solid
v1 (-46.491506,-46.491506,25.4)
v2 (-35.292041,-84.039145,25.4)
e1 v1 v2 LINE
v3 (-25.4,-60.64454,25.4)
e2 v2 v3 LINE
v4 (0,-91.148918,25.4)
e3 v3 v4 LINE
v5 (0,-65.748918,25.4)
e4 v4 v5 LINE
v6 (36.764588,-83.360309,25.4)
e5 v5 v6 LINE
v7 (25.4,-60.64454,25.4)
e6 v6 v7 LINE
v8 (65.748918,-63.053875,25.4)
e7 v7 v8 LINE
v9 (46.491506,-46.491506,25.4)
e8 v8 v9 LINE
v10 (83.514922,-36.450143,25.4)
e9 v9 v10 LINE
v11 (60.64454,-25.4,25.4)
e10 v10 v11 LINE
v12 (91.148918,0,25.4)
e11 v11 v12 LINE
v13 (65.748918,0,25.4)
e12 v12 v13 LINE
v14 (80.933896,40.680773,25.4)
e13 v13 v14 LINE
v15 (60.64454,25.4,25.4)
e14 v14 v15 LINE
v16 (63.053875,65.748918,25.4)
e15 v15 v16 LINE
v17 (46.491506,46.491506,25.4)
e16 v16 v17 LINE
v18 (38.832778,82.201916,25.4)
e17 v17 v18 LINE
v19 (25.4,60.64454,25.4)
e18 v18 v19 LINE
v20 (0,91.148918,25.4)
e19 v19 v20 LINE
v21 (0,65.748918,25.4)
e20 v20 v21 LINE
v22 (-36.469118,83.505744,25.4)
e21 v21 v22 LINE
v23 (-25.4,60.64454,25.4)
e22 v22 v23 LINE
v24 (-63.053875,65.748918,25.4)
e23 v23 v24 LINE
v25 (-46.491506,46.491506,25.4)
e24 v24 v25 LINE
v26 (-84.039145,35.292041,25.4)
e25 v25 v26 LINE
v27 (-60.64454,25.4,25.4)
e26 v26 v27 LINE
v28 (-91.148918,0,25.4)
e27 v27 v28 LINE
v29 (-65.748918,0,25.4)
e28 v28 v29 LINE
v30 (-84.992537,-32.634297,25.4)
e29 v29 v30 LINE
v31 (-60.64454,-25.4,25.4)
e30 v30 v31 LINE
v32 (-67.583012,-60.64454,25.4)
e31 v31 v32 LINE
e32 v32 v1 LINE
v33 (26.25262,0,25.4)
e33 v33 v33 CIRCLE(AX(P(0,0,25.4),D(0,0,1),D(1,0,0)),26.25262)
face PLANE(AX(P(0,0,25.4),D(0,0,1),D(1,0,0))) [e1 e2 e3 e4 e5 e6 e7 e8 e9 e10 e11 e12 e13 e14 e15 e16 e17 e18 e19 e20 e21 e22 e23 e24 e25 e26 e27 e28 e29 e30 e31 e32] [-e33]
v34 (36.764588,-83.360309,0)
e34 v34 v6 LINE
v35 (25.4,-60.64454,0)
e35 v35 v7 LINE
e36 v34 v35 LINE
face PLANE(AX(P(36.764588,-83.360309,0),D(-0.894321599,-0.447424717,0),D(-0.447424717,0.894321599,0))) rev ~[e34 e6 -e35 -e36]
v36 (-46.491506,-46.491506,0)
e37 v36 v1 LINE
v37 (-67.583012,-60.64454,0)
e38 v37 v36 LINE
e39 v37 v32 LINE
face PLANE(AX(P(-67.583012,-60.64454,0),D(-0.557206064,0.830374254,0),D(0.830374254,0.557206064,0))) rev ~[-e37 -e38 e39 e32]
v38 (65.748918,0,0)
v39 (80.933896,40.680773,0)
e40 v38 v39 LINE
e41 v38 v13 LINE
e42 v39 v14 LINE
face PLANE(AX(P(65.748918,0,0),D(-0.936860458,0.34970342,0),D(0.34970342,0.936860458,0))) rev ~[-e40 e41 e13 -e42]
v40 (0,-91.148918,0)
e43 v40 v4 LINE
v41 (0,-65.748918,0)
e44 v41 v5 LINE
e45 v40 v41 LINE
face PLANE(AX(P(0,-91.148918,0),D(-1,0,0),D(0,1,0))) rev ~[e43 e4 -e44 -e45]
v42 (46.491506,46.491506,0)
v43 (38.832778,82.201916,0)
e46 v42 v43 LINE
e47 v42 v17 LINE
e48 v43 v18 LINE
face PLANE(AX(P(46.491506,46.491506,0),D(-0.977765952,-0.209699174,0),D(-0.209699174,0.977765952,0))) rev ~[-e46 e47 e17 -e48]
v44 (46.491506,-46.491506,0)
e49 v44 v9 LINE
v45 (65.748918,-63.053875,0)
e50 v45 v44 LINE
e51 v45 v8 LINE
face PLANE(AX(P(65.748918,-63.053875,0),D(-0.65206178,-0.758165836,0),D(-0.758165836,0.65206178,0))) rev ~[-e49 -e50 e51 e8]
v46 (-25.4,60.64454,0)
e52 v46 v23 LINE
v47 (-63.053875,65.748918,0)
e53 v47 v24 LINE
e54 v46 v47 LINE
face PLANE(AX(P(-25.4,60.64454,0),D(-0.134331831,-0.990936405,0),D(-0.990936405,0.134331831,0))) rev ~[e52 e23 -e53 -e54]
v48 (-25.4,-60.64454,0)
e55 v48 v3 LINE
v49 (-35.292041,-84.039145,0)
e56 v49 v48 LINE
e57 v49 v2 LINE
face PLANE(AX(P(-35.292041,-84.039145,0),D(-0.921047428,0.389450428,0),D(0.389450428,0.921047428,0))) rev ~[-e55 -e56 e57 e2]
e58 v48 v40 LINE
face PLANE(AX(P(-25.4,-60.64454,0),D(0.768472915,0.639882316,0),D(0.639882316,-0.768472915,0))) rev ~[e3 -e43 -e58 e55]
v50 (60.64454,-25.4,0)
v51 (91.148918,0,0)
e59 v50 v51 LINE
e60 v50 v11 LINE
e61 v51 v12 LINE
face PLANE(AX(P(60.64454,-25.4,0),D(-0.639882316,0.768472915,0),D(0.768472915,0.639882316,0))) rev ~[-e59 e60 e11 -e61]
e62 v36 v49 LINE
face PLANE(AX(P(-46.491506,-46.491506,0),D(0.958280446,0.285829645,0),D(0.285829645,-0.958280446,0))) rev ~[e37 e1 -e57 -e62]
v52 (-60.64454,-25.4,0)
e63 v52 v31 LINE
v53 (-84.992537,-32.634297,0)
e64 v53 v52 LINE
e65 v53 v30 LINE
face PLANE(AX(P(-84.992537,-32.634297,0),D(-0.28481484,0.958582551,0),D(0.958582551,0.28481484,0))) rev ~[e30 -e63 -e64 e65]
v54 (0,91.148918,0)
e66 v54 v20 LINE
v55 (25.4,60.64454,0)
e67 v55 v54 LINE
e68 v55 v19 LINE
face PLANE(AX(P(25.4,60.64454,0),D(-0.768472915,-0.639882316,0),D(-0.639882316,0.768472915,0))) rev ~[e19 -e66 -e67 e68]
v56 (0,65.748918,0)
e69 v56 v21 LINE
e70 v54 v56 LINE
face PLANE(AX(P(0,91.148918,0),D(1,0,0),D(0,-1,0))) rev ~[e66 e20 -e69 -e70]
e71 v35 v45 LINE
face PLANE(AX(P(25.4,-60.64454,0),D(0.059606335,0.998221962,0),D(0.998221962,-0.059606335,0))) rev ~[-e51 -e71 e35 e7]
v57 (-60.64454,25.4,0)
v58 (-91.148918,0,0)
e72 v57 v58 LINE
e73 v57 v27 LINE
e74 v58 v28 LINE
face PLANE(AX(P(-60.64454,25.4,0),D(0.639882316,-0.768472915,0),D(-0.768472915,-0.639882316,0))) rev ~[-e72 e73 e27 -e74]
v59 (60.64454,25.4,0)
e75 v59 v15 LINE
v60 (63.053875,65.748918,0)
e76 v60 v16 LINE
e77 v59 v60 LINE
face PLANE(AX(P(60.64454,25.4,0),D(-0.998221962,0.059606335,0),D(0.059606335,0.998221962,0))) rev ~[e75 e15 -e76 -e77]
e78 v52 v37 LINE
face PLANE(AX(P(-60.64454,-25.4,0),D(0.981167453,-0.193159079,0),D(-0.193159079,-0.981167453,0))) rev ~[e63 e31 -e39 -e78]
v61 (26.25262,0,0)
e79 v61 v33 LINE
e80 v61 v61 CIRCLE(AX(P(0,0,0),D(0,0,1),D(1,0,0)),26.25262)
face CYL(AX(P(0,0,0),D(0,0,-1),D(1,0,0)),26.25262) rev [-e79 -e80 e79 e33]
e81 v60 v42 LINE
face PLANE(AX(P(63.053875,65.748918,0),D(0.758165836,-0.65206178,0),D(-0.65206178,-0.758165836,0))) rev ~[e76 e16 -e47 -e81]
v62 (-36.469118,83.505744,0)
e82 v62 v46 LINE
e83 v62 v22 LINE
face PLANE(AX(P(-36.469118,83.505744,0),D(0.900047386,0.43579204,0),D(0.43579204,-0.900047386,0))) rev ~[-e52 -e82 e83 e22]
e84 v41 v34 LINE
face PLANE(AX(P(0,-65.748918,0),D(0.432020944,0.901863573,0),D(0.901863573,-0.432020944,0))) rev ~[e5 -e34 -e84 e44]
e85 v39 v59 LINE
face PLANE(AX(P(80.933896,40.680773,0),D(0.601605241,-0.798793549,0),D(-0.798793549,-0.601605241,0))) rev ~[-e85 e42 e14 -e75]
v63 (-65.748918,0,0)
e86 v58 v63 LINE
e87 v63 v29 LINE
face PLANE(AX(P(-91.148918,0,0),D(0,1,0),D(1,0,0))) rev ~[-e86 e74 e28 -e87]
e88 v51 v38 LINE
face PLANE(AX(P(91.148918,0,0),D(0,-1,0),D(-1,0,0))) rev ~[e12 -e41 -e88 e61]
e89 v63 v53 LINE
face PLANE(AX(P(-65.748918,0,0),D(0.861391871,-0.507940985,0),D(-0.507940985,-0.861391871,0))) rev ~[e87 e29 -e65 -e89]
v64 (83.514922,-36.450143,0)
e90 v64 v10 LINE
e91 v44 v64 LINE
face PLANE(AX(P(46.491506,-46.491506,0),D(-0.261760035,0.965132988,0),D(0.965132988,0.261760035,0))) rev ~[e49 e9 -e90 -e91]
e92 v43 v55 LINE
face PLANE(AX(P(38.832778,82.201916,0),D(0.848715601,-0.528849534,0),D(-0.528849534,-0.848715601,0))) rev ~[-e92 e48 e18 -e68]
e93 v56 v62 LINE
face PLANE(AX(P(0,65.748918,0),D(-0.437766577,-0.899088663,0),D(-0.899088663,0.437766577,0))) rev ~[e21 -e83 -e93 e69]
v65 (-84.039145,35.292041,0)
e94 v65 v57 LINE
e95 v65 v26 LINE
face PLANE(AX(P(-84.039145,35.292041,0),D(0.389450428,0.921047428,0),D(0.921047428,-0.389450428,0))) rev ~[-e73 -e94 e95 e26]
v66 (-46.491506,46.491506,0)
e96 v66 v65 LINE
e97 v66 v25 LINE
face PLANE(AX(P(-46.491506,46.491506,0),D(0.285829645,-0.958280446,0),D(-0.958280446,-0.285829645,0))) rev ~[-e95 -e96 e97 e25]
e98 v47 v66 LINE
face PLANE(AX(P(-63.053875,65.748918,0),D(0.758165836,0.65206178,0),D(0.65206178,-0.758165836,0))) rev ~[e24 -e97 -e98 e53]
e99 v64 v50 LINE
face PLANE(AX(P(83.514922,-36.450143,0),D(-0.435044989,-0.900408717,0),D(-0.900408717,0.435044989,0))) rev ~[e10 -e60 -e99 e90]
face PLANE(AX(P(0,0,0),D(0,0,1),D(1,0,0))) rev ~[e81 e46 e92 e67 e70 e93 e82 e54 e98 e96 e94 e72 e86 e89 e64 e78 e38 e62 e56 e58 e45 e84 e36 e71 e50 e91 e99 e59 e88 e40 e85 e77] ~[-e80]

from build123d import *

# Parameters (mm, degrees)
F0_R     = 26.25262
F1_DEPTH = 25.4


with BuildPart() as f1:
    # F0 (on Top) → F1 (new body)
    with BuildSketch(Plane.XY):
        with BuildLine():
            ThreePointArc((60.64454, -25.4), (64.460194, -12.953906), (65.748918, 0))
            ThreePointArc((65.748918, 0), (64.460194, 12.953906), (60.64454, 25.4))
            ThreePointArc((60.64454, 25.4), (54.596209, 36.635696), (46.491506, 46.491506))
            ThreePointArc((46.491506, 46.491506), (36.635696, 54.596209), (25.4, 60.64454))
            ThreePointArc((25.4, 60.64454), (12.953906, 64.460194), (0, 65.748918))
            ThreePointArc((0, 65.748918), (-12.953906, 64.460194), (-25.4, 60.64454))
            ThreePointArc((-25.4, 60.64454), (-36.635696, 54.596209), (-46.491506, 46.491506))
            ThreePointArc((-46.491506, 46.491506), (-54.596209, 36.635696), (-60.64454, 25.4))
            ThreePointArc((-60.64454, 25.4), (-64.460194, 12.953906), (-65.748918, 0))
            ThreePointArc((-65.748918, 0), (-64.460194, -12.953906), (-60.64454, -25.4))
            ThreePointArc((-60.64454, -25.4), (-54.596209, -36.635696), (-46.491506, -46.491506))
            ThreePointArc((-46.491506, -46.491506), (-36.635696, -54.596209), (-25.4, -60.64454))
            ThreePointArc((-25.4, -60.64454), (-12.953906, -64.460194), (0, -65.748918))
            ThreePointArc((0, -65.748918), (12.953906, -64.460194), (25.4, -60.64454))
            ThreePointArc((25.4, -60.64454), (36.635696, -54.596209), (46.491506, -46.491506))
            ThreePointArc((46.491506, -46.491506), (54.596209, -36.635696), (60.64454, -25.4))
        make_face()
        Circle(F0_R, mode=Mode.SUBTRACT)
        with BuildLine():
            ThreePointArc((-46.491506, 46.491506), (-36.635696, 54.596209), (-25.4, 60.64454))
            Line((-25.4, 60.64454), (-63.053875, 65.748918))
            Line((-63.053875, 65.748918), (-46.491506, 46.491506))
        make_face()
        with BuildLine():
            ThreePointArc((-60.64454, 25.4), (-54.596209, 36.635696), (-46.491506, 46.491506))
            Line((-46.491506, 46.491506), (-84.039145, 35.292041))
            Line((-84.039145, 35.292041), (-60.64454, 25.4))
        make_face()
        with BuildLine():
            ThreePointArc((-65.748918, 0), (-64.460194, 12.953906), (-60.64454, 25.4))
            Line((-60.64454, 25.4), (-91.148918, 0))
            Line((-91.148918, 0), (-65.748918, 0))
        make_face()
        with BuildLine():
            Line((-84.992537, -32.634297), (-60.64454, -25.4))
            ThreePointArc((-60.64454, -25.4), (-64.460194, -12.953906), (-65.748918, 0))
            Line((-65.748918, 0), (-84.992537, -32.634297))
        make_face()
        with BuildLine():
            Line((-67.583012, -60.64454), (-46.491506, -46.491506))
            ThreePointArc((-46.491506, -46.491506), (-54.596209, -36.635696), (-60.64454, -25.4))
            Line((-60.64454, -25.4), (-67.583012, -60.64454))
        make_face()
        with BuildLine():
            Line((-35.292041, -84.039145), (-25.4, -60.64454))
            ThreePointArc((-25.4, -60.64454), (-36.635696, -54.596209), (-46.491506, -46.491506))
            Line((-46.491506, -46.491506), (-35.292041, -84.039145))
        make_face()
        with BuildLine():
            Line((0, -91.148918), (0, -65.748918))
            ThreePointArc((0, -65.748918), (-12.953906, -64.460194), (-25.4, -60.64454))
            Line((-25.4, -60.64454), (0, -91.148918))
        make_face()
        with BuildLine():
            Line((36.764588, -83.360309), (25.4, -60.64454))
            ThreePointArc((25.4, -60.64454), (12.953906, -64.460194), (0, -65.748918))
            Line((0, -65.748918), (36.764588, -83.360309))
        make_face()
        with BuildLine():
            Line((65.748918, -63.053875), (46.491506, -46.491506))
            ThreePointArc((46.491506, -46.491506), (36.635696, -54.596209), (25.4, -60.64454))
            Line((25.4, -60.64454), (65.748918, -63.053875))
        make_face()
        with BuildLine():
            Line((83.514922, -36.450143), (60.64454, -25.4))
            ThreePointArc((60.64454, -25.4), (54.596209, -36.635696), (46.491506, -46.491506))
            Line((46.491506, -46.491506), (83.514922, -36.450143))
        make_face()
        with BuildLine():
            Line((91.148918, 0), (65.748918, 0))
            ThreePointArc((65.748918, 0), (64.460194, -12.953906), (60.64454, -25.4))
            Line((60.64454, -25.4), (91.148918, 0))
        make_face()
        with BuildLine():
            ThreePointArc((60.64454, 25.4), (64.460194, 12.953906), (65.748918, 0))
            Line((65.748918, 0), (80.933896, 40.680773))
            Line((80.933896, 40.680773), (60.64454, 25.4))
        make_face()
        with BuildLine():
            ThreePointArc((46.491506, 46.491506), (54.596209, 36.635696), (60.64454, 25.4))
            Line((60.64454, 25.4), (63.053875, 65.748918))
            Line((63.053875, 65.748918), (46.491506, 46.491506))
        make_face()
        with BuildLine():
            ThreePointArc((25.4, 60.64454), (36.635696, 54.596209), (46.491506, 46.491506))
            Line((46.491506, 46.491506), (38.832778, 82.201916))
            Line((38.832778, 82.201916), (25.4, 60.64454))
        make_face()
        with BuildLine():
            ThreePointArc((0, 65.748918), (12.953906, 64.460194), (25.4, 60.64454))
            Line((25.4, 60.64454), (0, 91.148918))
            Line((0, 91.148918), (0, 65.748918))
        make_face()
        with BuildLine():
            ThreePointArc((-25.4, 60.64454), (-12.953906, 64.460194), (0, 65.748918))
            Line((0, 65.748918), (-36.469118, 83.505744))
            Line((-36.469118, 83.505744), (-25.4, 60.64454))
        make_face()
    extrude(amount=F1_DEPTH)


solid = f1.part
